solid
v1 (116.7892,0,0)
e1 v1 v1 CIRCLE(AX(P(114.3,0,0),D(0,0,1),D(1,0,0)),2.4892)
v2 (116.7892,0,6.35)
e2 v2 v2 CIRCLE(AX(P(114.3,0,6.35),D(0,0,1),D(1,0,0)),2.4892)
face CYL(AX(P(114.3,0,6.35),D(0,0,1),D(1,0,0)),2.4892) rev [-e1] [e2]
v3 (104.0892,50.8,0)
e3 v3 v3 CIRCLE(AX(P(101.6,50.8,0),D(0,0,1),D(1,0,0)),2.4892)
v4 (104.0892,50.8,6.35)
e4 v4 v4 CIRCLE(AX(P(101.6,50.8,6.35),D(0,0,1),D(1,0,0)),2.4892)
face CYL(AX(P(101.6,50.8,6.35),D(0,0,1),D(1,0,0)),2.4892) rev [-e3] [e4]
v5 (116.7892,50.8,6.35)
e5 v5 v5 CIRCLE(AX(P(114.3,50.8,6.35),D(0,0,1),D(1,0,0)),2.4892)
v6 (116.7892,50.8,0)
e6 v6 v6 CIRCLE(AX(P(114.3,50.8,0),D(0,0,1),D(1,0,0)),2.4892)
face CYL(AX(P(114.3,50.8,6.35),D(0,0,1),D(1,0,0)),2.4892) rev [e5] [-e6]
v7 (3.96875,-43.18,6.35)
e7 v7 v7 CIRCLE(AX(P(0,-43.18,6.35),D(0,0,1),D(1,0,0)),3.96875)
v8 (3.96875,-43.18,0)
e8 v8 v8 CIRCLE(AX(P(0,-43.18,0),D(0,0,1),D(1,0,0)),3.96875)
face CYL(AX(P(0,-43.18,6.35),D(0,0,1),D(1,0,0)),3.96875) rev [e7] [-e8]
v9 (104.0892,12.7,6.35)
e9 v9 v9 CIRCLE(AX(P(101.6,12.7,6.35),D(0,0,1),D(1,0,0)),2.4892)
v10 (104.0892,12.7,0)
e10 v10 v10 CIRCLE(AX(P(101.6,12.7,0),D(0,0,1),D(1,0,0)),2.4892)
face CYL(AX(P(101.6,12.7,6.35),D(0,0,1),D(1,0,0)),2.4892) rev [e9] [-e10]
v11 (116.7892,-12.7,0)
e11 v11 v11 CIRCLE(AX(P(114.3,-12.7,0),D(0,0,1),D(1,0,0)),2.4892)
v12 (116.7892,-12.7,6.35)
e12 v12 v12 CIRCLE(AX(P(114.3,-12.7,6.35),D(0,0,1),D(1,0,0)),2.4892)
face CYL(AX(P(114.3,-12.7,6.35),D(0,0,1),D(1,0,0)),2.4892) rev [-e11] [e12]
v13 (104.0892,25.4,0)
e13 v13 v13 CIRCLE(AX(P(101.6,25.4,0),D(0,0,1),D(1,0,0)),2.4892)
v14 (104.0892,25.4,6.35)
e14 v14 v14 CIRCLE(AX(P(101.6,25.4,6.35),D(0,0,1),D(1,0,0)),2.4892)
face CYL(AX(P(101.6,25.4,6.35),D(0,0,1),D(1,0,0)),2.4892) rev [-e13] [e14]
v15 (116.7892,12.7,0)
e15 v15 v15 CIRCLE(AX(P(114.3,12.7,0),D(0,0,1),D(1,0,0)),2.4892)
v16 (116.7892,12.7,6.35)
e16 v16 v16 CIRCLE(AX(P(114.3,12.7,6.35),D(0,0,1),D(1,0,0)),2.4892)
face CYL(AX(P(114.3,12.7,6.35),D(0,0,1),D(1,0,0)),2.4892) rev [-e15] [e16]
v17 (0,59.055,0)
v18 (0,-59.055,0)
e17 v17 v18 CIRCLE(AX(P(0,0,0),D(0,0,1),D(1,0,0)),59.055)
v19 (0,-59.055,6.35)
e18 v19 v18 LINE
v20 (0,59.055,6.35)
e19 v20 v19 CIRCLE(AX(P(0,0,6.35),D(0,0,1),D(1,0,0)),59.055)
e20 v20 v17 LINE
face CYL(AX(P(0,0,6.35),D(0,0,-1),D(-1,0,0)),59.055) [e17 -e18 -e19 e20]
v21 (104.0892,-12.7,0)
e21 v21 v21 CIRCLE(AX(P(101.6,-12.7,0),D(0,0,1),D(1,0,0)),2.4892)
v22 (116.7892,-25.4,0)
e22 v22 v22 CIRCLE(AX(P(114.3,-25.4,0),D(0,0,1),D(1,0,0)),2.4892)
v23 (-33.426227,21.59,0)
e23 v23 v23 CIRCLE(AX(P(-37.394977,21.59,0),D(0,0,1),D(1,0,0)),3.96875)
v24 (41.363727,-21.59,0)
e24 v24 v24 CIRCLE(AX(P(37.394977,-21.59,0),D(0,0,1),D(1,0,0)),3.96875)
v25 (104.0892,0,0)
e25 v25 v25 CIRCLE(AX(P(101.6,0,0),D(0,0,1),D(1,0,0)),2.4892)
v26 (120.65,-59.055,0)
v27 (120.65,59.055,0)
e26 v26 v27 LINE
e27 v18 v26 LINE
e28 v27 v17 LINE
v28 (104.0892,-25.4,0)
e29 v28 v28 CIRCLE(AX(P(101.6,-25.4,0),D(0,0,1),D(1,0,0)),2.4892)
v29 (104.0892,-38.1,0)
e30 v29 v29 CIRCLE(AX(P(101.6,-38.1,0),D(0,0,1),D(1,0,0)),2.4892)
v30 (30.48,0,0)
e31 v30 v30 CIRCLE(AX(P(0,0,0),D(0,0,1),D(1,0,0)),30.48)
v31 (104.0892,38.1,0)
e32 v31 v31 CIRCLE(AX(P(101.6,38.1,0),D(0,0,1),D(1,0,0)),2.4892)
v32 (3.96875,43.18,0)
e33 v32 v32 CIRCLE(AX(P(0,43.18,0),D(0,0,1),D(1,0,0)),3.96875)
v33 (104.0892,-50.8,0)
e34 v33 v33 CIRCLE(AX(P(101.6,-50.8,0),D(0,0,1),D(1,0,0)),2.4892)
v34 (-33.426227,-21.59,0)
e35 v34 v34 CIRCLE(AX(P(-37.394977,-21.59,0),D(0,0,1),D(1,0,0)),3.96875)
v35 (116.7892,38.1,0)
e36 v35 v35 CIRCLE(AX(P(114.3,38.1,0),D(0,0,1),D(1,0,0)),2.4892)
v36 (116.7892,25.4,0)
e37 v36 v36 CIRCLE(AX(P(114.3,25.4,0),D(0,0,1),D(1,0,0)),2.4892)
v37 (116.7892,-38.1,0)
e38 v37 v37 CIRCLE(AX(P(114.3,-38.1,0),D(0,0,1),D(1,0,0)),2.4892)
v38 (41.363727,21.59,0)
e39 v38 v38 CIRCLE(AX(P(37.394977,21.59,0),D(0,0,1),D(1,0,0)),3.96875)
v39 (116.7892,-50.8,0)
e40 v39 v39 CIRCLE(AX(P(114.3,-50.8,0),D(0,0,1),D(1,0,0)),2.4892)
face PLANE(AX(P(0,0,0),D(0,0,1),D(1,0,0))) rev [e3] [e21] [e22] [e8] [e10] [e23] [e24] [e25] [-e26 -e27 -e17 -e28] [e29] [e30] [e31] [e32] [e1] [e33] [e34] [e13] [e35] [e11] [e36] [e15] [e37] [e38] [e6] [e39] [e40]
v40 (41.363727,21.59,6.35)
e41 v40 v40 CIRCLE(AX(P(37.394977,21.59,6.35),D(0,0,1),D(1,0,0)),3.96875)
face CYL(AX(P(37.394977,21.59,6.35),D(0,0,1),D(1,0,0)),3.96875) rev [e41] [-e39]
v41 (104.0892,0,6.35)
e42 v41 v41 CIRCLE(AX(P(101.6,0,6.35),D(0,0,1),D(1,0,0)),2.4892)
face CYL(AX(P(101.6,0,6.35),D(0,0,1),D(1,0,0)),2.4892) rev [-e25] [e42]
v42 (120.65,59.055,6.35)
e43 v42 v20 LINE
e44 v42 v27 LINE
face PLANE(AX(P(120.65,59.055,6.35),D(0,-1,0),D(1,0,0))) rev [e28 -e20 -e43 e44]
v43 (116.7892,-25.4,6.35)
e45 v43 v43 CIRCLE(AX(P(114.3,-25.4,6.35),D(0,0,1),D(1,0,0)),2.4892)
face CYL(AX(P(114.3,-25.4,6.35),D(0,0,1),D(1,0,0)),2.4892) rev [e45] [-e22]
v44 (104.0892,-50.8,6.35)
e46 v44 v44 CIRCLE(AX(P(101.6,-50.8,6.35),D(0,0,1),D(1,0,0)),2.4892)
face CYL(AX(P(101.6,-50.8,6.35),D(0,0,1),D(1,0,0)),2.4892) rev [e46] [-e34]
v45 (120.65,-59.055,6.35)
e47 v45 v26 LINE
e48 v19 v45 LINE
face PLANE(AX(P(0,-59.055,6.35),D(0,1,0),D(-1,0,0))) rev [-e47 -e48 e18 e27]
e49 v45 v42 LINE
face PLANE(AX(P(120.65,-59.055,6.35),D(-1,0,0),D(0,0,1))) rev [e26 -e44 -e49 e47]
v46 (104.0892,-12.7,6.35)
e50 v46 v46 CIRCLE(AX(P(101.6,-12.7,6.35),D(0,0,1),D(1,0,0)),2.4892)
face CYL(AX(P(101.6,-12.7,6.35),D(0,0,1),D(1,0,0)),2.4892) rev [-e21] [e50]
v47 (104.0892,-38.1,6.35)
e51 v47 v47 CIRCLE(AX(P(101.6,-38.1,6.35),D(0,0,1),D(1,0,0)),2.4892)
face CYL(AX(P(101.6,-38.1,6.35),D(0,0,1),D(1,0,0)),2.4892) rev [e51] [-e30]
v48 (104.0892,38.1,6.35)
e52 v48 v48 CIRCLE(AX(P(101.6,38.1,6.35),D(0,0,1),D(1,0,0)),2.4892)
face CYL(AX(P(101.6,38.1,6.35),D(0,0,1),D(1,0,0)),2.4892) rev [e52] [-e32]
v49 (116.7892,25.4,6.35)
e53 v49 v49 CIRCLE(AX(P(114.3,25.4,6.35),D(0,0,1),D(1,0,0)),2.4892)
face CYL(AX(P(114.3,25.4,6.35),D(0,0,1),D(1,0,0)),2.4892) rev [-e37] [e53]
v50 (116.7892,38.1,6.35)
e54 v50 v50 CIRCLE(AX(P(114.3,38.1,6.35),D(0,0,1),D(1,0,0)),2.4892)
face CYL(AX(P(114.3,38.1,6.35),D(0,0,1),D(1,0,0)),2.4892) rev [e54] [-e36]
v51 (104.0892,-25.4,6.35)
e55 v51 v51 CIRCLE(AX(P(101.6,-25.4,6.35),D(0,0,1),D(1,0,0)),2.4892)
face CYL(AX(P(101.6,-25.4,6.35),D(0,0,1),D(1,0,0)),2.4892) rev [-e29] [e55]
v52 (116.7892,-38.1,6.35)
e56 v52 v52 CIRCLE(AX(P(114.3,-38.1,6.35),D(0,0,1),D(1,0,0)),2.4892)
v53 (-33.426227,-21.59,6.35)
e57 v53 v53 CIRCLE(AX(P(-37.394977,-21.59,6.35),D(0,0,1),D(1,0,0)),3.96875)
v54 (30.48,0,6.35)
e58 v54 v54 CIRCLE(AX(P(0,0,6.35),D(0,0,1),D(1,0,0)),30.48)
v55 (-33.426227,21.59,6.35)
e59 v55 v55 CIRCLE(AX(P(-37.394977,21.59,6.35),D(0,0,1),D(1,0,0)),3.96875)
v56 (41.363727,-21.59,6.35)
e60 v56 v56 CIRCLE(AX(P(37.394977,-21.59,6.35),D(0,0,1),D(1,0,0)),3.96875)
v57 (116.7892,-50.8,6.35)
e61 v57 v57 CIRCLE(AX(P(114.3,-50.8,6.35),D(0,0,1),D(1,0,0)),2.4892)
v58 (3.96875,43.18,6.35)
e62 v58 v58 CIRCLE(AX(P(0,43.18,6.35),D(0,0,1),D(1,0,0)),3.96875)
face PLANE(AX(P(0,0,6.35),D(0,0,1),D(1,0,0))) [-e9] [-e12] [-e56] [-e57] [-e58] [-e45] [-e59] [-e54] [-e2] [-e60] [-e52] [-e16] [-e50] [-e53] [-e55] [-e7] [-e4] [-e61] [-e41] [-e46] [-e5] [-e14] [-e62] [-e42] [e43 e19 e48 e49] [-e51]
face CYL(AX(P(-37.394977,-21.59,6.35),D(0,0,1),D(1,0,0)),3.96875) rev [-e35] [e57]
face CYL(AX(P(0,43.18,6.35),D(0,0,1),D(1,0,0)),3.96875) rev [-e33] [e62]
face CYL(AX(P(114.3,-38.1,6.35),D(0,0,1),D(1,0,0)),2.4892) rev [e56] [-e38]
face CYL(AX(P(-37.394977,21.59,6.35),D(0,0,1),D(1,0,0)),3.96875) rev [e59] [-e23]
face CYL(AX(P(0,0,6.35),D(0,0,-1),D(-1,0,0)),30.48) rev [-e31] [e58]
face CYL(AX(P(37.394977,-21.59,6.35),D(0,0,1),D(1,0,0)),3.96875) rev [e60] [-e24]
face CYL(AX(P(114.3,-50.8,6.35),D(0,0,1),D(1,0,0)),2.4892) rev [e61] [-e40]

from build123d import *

# Parameters (mm, degrees)
SKETCH1_R                      = 30.48
BOSS_EXTRUDE1_DEPTH            = 6.35
F_9_0_196_DIAMETER_HOLE1_D     = 4.9784
F_5_16_0_3125_DIAMETER_HOLE1_D = 7.9375


with BuildPart() as part:
    # Sketch1 → Boss-Extrude1 (new body)
    with BuildSketch(Plane(origin=(0, 0, 0), x_dir=(0, 1, 0), z_dir=(0, 0, 1))):
        with BuildLine():
            Line((-59.055, 0), (-59.055, -120.65))
            Line((-59.055, -120.65), (59.055, -120.65))
            Line((59.055, -120.65), (59.055, 0))
            ThreePointArc((59.055, 0), (0, 59.055), (-59.055, 0))
        make_face()
        with Locations(Location((0, 0, 0), (0, 0, 270))):
            Circle(SKETCH1_R, mode=Mode.SUBTRACT)
    extrude(amount=BOSS_EXTRUDE1_DEPTH)

    # #9 (0.196) Diameter Hole1 (through all)
    with Locations(Plane.XY.offset(6.35)):
        with Locations((114.3, -50.8), (101.6, -50.8), (101.6, -38.1), (101.6, -25.4), (101.6, -12.7), (101.6, 0), (101.6, 12.7), (101.6, 25.4), (101.6, 38.1), (101.6, 50.8), (114.3, -38.1), (114.3, -25.4), (114.3, -12.7), (114.3, 0), (114.3, 12.7), (114.3, 25.4), (114.3, 38.1), (114.3, 50.8)):
            Hole(F_9_0_196_DIAMETER_HOLE1_D / 2)

    # 5/16 (0.3125) Diameter Hole1 (through all)
    with Locations(Plane.XY.offset(6.35)):
        with Locations((37.394976935, 21.59), (37.394976935, -21.59), (0, -43.18), (-37.394976935, -21.59), (-37.394976935, 21.59), (0, 43.18)):
            Hole(F_5_16_0_3125_DIAMETER_HOLE1_D / 2)


solid = part.part
